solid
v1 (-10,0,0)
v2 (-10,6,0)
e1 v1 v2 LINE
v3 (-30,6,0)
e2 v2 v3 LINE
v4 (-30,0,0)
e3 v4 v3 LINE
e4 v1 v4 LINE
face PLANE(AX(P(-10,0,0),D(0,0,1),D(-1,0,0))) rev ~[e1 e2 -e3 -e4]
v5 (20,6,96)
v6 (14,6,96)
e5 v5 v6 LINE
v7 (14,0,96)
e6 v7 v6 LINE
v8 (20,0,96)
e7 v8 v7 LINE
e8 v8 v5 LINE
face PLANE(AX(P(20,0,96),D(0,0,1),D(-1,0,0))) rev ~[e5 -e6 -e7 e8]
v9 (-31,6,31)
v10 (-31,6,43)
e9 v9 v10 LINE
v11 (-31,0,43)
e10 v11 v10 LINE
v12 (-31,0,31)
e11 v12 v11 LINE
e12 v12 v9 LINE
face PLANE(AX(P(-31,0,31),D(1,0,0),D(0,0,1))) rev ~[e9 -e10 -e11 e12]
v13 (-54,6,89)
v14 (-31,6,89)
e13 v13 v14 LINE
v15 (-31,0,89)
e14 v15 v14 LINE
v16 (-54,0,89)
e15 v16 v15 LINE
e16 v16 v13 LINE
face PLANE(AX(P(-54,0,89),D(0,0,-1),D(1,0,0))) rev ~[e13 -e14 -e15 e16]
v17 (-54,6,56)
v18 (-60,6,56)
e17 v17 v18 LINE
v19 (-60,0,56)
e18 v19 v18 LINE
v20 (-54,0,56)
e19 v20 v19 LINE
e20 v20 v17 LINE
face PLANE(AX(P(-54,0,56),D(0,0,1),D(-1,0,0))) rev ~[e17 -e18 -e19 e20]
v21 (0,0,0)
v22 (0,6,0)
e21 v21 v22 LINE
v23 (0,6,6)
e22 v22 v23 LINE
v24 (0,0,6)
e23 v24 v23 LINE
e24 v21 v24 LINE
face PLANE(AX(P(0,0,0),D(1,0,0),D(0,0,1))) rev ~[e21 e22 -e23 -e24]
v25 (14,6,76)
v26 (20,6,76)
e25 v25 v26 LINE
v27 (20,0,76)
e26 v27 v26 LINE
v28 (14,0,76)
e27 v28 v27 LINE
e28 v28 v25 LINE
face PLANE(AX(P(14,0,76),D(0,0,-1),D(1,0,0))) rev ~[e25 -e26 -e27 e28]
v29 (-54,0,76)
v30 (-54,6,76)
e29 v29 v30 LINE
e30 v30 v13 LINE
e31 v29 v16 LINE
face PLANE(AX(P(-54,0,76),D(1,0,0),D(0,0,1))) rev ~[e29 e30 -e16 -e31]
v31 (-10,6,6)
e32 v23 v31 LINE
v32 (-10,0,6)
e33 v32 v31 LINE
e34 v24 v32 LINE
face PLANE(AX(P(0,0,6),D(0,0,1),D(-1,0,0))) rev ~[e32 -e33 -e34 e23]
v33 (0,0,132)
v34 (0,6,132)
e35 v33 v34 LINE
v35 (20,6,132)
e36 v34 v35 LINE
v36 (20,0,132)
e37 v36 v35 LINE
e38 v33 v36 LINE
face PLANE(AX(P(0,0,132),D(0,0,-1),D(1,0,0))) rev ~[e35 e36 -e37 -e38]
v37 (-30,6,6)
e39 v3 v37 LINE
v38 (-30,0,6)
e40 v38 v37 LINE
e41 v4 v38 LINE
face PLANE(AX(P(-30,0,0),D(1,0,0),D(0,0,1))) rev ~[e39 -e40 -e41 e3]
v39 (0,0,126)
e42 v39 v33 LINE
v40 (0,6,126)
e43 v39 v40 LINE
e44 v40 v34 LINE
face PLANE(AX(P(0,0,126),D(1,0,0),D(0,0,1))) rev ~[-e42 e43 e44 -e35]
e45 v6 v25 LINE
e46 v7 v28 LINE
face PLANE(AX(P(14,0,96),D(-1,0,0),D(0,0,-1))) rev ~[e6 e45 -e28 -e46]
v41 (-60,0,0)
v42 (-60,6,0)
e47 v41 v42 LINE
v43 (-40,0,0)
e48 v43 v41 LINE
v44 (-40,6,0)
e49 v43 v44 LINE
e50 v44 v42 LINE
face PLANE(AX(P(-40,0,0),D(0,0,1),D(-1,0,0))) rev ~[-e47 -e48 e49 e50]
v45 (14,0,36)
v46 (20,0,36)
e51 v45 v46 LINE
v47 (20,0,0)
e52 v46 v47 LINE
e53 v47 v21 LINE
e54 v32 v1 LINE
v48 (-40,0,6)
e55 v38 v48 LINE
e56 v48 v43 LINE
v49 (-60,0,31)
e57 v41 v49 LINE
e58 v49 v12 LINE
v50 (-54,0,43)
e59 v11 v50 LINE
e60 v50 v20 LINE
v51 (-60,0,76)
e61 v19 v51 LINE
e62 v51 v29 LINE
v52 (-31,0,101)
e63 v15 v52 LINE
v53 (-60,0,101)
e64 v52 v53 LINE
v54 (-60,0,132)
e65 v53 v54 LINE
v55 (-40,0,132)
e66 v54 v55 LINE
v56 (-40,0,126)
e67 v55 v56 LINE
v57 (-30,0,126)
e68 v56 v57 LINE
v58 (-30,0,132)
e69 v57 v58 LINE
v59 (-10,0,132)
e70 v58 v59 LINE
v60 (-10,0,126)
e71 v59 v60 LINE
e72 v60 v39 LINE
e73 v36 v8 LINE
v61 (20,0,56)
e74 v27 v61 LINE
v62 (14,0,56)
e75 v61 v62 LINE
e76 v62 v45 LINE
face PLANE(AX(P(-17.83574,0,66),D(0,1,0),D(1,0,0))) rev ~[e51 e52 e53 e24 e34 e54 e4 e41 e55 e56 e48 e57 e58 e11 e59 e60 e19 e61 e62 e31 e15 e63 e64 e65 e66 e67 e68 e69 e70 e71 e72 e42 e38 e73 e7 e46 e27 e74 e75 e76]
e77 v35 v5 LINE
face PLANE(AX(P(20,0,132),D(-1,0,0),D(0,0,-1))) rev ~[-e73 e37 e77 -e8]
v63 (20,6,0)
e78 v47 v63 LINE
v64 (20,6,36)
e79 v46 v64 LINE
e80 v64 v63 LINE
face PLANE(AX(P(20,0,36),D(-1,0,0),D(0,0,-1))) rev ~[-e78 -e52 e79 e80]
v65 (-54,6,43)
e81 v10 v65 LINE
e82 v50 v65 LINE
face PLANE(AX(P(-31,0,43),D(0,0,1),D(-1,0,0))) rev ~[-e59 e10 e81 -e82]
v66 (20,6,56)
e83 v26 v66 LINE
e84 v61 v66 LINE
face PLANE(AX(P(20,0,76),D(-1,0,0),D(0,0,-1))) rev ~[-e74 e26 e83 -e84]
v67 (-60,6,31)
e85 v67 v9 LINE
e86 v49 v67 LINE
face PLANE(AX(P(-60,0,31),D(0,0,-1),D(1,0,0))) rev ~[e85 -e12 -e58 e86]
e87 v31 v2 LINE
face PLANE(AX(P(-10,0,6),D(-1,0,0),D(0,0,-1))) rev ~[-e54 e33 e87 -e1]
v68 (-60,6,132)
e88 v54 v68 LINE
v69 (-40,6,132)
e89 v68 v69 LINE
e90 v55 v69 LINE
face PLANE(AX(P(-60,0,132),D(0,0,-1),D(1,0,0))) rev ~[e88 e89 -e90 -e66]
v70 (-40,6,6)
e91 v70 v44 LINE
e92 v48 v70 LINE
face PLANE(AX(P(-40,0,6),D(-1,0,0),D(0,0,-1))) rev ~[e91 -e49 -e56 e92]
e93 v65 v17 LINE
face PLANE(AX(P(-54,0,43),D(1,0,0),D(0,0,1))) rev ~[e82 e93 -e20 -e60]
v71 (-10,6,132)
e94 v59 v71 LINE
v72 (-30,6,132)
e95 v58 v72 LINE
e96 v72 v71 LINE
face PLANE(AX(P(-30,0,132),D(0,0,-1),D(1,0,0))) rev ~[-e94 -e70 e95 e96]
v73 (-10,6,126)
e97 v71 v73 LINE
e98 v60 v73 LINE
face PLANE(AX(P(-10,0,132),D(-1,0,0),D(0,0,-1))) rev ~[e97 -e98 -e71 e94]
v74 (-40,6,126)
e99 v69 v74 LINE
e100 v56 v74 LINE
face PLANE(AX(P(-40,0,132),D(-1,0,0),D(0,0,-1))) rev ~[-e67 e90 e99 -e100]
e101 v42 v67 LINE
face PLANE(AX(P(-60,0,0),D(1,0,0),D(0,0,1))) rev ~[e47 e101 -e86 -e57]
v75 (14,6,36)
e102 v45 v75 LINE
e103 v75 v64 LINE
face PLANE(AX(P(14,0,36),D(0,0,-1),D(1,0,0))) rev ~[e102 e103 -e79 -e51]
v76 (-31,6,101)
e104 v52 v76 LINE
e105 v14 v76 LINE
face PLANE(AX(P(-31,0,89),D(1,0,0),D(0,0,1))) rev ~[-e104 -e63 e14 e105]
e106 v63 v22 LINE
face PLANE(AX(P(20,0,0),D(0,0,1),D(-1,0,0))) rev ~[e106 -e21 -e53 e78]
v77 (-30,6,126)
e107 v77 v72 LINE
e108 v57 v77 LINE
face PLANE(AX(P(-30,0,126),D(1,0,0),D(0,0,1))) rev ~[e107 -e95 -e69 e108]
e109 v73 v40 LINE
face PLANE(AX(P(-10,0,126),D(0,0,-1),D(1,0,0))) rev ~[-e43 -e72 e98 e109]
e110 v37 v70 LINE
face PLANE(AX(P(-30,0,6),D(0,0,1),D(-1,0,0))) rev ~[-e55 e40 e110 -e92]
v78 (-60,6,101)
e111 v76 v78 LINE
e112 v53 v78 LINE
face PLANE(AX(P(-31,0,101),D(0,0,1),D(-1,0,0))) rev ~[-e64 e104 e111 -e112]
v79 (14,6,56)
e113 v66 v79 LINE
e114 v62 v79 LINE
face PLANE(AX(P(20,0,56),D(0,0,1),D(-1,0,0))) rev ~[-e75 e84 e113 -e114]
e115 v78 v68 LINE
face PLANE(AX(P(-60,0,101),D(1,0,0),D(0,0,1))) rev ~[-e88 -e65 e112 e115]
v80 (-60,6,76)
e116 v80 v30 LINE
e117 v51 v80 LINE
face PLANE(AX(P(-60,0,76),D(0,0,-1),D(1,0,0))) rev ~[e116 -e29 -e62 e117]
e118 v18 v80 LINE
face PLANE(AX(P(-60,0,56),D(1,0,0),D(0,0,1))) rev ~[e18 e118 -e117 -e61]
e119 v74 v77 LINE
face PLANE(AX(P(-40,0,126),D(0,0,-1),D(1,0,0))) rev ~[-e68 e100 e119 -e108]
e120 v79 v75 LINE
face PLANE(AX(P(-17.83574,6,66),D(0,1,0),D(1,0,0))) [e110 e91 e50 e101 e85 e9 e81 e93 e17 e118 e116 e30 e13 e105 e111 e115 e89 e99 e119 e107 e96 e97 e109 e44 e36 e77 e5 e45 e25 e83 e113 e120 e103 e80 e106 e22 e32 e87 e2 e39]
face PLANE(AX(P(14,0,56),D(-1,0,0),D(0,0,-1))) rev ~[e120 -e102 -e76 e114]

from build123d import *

# Parameters (mm, degrees)
RESSALTO_EXTRUS_O9_DEPTH = 6


with BuildPart() as part:
    # Esboço1 → Ressalto-extrusão9 (new body)
    with BuildSketch(Plane(origin=(0, 0, 0), x_dir=(1, 0, 0), z_dir=(0, 1, 0))):
        Polygon((-40, -6), (-40, 0), (-60, 0), (-60, -30.999999612), (-31, -30.999999612), (-31, -42.999999612), (-31, -65.999999612), (-31, -88.999999612), (-31, -100.999999612), (-60, -100.999999612), (-60, -131.999999612), (-40, -131.999999612), (-40, -125.999999612), (-30, -125.999999612), (-30, -131.999999612), (-10, -131.999999612), (-10, -125.999999612), (0, -125.999999612), (0, -131.999999612), (20, -131.999999612), (20, -95.999999612), (14, -95.999999612), (14, -75.999999612), (20, -75.999999612), (20, -55.999999612), (14, -55.999999612), (14, -36), (20, -36), (20, 0), (0, 0), (0, -6), (-10, -6), (-10, 0), (-30, 0), (-30, -6), align=None)
        Polygon((-31, -65.999999612), (-31, -42.999999612), (-54, -42.999999612), (-54, -55.999999612), (-60, -55.999999612), (-60, -65.999999612), align=None)
        Polygon((-31, -88.999999612), (-31, -65.999999612), (-60, -65.999999612), (-60, -75.999999612), (-54, -75.999999612), (-54, -88.999999612), align=None)
    extrude(amount=RESSALTO_EXTRUS_O9_DEPTH)


solid = part.part
